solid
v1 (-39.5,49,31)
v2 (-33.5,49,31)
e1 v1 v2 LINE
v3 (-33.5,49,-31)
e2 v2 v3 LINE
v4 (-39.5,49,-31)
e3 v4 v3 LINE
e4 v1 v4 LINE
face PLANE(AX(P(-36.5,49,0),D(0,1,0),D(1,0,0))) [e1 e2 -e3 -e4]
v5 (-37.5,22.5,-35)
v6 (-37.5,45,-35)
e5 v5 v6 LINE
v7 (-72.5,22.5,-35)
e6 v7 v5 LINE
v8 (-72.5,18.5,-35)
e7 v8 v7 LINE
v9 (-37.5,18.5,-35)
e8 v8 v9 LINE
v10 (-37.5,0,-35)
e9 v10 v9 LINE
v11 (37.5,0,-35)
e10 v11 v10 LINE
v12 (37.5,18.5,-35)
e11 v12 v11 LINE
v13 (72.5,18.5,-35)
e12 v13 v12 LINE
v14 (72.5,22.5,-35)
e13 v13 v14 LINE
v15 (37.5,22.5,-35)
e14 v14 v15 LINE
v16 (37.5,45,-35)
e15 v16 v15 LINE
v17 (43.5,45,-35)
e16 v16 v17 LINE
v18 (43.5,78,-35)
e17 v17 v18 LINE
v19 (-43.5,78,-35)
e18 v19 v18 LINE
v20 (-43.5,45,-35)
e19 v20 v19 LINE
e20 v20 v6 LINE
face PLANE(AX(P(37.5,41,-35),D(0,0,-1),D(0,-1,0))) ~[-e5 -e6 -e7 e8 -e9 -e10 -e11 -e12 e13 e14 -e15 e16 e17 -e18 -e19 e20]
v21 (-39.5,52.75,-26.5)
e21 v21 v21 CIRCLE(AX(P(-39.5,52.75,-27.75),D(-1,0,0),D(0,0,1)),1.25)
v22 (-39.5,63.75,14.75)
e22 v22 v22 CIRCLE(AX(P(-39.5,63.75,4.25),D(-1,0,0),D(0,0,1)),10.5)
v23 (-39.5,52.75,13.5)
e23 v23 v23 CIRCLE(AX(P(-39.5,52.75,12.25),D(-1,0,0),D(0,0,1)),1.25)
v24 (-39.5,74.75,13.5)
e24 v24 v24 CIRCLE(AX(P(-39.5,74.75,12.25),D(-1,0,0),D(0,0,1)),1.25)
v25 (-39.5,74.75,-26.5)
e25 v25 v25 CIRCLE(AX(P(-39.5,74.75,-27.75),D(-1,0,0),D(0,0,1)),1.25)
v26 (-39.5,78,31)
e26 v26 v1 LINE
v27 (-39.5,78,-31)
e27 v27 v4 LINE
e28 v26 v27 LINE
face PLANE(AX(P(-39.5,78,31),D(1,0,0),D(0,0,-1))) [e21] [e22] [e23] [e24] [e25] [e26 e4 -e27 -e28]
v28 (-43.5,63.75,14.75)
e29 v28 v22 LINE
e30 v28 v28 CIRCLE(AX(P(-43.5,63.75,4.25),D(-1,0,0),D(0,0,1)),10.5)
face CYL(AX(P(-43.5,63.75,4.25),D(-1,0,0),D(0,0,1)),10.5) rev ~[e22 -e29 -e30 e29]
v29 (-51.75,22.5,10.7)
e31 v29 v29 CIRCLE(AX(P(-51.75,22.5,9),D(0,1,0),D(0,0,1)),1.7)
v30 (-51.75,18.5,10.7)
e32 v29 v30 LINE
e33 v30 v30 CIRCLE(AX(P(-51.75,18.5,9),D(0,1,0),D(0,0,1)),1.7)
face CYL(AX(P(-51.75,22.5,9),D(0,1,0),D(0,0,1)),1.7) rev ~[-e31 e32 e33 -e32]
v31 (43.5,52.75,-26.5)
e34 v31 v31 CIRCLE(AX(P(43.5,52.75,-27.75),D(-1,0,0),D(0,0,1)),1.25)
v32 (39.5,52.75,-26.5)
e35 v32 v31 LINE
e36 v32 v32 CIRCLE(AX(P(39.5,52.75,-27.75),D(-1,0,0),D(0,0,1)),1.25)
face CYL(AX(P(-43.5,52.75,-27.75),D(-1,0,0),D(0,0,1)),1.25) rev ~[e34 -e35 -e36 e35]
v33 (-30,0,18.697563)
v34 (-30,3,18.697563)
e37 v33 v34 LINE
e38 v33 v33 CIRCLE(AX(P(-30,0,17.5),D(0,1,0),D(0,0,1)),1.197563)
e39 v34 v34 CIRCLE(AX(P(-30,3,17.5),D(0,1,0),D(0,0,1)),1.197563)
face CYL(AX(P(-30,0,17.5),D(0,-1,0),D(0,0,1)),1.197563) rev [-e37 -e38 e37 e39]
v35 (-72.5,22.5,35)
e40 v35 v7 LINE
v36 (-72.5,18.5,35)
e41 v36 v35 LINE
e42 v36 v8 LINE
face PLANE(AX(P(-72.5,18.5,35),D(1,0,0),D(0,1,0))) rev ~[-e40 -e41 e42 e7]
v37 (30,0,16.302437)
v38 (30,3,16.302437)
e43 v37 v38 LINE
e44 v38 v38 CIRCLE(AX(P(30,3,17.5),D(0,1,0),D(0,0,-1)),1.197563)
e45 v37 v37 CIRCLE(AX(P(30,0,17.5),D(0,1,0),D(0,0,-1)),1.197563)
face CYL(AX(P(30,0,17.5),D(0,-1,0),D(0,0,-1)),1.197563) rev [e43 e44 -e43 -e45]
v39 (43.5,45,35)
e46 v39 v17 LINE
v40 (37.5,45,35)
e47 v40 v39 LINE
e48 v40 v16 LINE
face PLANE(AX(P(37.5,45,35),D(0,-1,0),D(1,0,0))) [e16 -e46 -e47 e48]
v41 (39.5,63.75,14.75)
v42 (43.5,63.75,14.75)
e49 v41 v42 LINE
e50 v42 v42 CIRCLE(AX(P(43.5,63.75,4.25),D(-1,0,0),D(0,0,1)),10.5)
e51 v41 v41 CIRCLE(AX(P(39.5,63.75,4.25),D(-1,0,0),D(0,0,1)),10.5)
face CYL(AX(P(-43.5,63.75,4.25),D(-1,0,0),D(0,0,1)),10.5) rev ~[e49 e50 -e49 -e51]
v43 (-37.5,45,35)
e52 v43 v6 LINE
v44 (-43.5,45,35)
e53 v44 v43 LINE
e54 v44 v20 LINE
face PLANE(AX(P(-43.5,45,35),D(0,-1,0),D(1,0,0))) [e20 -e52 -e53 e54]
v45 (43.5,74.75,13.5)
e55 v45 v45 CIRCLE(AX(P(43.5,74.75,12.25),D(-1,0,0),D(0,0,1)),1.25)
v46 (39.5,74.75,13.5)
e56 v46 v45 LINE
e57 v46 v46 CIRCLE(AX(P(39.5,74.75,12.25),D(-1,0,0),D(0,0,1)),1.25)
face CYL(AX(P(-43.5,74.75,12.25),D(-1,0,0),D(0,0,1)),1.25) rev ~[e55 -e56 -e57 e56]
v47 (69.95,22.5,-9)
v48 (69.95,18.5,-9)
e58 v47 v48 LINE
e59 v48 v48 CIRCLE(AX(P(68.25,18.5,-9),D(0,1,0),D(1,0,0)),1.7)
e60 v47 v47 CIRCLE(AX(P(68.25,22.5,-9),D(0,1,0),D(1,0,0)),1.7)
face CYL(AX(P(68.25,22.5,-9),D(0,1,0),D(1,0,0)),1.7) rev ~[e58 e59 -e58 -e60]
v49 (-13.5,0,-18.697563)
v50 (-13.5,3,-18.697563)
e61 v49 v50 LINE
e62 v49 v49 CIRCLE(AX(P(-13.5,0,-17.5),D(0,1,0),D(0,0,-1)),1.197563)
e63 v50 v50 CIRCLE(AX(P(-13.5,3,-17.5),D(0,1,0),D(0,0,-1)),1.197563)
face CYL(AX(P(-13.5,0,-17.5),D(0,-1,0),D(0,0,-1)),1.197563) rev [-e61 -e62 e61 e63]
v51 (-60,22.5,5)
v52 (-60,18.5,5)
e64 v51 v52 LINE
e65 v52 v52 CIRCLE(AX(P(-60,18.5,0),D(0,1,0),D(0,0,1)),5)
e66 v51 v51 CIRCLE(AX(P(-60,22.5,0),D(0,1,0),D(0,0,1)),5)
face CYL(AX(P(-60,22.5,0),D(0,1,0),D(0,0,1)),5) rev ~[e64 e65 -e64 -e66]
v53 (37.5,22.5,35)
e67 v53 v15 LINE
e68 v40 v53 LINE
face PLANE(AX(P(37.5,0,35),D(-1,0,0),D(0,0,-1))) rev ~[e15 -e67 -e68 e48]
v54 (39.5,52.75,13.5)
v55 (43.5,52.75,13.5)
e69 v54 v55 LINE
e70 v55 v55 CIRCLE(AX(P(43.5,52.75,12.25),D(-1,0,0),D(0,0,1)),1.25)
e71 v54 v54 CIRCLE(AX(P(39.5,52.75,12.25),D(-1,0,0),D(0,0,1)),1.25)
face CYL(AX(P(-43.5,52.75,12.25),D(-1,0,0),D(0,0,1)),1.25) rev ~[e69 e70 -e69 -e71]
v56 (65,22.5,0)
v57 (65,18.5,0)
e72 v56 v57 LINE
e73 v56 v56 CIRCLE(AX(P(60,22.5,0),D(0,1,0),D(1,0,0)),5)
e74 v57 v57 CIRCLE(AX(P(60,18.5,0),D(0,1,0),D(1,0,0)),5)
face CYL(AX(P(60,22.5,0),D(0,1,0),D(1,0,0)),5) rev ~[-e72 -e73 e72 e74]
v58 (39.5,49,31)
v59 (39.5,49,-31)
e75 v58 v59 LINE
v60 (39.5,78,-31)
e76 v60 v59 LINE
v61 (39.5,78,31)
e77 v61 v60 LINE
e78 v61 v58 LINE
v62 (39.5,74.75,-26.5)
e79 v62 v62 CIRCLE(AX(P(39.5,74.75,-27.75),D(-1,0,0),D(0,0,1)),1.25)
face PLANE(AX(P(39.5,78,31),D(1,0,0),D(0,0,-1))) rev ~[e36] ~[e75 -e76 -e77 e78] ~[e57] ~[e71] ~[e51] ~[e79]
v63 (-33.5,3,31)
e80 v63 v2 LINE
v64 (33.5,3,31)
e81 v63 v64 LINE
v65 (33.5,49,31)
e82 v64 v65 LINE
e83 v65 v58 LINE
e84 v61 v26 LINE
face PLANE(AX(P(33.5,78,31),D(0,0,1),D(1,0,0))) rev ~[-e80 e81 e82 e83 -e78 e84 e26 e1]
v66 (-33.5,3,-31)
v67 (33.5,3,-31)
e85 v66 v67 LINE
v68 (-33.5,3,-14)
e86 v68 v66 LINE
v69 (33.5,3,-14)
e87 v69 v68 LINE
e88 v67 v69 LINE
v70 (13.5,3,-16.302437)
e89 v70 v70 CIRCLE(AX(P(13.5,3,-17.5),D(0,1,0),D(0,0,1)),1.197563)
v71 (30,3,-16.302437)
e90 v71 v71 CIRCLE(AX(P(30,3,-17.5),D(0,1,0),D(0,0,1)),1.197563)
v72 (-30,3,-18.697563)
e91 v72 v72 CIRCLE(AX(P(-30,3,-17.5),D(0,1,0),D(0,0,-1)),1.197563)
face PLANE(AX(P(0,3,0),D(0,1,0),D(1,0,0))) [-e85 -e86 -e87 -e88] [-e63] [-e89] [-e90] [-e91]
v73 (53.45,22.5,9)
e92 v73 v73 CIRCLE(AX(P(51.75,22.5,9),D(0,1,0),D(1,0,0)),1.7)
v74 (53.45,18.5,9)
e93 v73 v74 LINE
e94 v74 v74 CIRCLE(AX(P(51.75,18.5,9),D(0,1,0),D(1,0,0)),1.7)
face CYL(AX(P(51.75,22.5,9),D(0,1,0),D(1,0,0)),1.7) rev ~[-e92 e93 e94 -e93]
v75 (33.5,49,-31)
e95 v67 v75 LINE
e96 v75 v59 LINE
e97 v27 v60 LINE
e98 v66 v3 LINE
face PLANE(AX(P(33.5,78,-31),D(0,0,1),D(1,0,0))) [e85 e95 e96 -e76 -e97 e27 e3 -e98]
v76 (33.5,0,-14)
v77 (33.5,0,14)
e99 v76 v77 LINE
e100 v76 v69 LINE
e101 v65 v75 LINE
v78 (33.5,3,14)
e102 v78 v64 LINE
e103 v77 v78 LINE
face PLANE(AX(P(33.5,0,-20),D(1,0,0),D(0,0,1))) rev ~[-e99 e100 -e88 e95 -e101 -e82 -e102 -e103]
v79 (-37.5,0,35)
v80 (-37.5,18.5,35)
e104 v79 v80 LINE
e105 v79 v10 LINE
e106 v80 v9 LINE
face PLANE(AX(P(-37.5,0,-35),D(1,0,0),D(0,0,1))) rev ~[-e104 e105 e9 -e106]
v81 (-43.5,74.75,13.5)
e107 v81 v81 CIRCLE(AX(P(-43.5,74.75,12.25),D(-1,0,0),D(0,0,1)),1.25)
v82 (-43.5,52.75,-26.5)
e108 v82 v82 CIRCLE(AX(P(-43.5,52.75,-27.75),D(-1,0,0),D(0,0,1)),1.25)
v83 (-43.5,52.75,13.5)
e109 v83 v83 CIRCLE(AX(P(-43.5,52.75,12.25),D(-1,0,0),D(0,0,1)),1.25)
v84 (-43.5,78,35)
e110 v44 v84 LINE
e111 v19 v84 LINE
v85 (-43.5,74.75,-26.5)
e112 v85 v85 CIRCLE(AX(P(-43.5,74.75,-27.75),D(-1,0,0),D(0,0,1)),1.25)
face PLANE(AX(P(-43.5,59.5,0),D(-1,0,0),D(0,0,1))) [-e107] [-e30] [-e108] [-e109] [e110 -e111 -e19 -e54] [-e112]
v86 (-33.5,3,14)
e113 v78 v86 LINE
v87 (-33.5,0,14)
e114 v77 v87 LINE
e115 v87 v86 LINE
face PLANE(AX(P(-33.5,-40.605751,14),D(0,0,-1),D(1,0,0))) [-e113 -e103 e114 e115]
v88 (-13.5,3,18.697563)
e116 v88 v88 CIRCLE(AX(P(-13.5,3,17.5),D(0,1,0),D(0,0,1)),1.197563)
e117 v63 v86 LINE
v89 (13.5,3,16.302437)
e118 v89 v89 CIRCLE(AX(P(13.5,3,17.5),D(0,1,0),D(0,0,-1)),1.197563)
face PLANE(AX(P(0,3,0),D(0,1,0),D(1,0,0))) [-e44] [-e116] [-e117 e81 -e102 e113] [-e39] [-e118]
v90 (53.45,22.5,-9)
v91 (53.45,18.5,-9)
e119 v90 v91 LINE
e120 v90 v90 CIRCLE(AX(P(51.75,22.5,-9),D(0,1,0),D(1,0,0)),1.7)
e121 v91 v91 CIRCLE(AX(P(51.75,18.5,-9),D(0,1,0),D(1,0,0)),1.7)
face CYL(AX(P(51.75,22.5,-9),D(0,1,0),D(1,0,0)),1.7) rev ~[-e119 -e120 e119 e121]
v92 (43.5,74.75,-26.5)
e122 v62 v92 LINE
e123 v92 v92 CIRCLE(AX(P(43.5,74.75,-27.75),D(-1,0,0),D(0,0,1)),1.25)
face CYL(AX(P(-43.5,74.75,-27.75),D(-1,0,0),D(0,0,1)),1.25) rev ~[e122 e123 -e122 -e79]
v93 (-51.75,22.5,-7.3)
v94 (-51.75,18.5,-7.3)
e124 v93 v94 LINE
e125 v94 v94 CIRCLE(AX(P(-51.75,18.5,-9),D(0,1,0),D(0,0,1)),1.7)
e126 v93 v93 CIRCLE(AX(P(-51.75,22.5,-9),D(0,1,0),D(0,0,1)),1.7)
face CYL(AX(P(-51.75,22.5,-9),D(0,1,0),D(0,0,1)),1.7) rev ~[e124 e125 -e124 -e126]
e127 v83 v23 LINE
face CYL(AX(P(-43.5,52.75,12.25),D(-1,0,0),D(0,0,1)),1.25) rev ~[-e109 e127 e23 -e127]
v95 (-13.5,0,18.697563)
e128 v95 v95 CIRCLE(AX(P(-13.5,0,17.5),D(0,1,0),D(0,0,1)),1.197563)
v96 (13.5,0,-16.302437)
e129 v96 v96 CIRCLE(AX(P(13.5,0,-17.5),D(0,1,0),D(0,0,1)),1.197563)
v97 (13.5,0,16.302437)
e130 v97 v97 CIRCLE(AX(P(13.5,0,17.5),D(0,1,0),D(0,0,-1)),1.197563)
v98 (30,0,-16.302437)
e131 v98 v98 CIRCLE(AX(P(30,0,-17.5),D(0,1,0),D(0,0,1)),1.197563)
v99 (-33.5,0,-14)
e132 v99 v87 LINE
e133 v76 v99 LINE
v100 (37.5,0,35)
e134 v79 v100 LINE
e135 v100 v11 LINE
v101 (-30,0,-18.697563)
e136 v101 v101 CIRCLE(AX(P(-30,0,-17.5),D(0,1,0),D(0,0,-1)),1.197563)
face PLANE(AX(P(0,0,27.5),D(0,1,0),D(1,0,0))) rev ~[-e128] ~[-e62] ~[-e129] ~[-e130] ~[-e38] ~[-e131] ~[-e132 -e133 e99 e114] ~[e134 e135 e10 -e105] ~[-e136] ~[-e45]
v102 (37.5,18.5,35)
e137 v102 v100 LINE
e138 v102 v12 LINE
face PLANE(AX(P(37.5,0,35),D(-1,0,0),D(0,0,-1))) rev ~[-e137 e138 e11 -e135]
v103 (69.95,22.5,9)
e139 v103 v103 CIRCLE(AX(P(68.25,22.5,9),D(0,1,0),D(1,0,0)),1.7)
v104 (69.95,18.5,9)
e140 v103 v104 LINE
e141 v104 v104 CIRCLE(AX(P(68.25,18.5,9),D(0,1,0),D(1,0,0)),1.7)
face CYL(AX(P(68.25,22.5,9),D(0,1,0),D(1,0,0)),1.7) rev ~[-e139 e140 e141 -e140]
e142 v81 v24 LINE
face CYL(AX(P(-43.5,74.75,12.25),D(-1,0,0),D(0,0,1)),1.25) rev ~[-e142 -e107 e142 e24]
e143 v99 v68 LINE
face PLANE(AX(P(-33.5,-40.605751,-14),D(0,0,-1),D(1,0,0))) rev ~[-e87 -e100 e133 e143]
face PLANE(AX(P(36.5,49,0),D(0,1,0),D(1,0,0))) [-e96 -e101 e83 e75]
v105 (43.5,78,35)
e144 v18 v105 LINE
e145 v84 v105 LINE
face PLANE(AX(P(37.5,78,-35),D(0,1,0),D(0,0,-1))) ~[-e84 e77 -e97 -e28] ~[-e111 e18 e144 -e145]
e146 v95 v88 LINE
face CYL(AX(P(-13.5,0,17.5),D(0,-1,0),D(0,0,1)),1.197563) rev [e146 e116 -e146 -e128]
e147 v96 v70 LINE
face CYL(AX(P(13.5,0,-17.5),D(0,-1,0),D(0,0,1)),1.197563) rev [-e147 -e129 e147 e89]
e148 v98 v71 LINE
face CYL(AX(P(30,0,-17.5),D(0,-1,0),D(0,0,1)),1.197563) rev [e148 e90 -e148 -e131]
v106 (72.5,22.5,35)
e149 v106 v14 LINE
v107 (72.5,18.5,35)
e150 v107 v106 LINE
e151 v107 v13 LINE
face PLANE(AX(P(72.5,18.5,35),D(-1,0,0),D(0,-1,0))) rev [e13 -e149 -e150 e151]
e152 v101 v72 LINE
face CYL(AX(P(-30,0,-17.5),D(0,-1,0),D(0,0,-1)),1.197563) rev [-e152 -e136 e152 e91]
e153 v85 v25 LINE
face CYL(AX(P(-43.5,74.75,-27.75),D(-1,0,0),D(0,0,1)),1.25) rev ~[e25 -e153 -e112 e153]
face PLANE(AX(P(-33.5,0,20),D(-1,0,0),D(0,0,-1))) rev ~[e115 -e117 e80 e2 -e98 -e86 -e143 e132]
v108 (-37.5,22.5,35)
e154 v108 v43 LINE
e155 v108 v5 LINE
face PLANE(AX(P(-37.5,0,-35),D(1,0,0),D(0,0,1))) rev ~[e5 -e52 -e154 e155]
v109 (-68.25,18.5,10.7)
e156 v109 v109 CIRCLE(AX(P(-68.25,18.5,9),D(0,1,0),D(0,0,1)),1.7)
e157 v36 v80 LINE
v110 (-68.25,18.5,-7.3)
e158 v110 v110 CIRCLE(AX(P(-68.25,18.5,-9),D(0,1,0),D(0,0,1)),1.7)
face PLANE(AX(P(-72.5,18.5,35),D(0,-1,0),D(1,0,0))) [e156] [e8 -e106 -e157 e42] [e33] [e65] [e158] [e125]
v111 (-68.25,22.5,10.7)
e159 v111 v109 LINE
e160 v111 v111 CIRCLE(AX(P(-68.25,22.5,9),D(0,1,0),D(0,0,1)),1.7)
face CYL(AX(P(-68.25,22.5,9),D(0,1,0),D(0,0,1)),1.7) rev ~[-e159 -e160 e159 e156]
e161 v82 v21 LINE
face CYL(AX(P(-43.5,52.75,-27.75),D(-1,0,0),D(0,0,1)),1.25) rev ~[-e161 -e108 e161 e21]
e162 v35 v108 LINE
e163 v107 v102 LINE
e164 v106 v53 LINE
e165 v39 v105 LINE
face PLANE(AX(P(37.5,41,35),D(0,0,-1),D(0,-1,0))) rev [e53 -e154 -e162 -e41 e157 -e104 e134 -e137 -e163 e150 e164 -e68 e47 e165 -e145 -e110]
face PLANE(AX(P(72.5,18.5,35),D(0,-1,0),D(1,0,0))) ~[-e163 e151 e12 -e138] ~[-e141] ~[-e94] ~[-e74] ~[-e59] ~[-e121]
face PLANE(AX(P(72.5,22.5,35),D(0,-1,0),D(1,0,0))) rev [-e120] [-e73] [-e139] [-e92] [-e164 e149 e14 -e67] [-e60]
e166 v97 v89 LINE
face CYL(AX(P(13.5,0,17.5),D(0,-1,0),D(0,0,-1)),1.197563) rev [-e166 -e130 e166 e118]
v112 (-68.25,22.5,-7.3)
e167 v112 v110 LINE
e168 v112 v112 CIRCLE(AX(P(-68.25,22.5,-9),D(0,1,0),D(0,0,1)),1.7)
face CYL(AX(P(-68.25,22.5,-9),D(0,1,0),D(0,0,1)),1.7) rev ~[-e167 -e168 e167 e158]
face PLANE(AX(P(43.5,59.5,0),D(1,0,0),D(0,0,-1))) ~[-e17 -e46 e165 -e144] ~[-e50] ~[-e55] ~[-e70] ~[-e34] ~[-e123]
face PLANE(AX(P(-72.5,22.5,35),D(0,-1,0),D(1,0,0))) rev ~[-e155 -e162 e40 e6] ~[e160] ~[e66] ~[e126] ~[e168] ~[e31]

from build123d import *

# Parameters (mm, degrees)
SKETCH1_W                = 75
SKETCH1_H                = 40
SKETCH1_R                = 5
SKETCH1_R_2              = 1.7
SKETCH1_R_3              = 1.197563381
SKETCH1_W_2              = 5
SKETCH1_H_2              = 20
BOSS_EXTRUDE1_DEPTH      = 3
CUT_EXTRUDE1_DEPTH       = 43.605750786
CUT_EXTRUDE1_DEPTH_BACK  = 43.605750786
SKETCH2_W                = 67
SKETCH2_H                = 28
BOSS_EXTRUDE3_DEPTH      = 75
BOSS_EXTRUDE3_DEPTH_BACK = 3
SKETCH6_W                = 67
SKETCH6_H                = 11
CUT_EXTRUDE4_DEPTH       = 91.863909227
SKETCH7_W                = 70
SKETCH7_H                = 37
BOSS_EXTRUDE4_DEPTH      = 6
SKETCH8_W                = 6
SKETCH8_H                = 62
CUT_EXTRUDE6_DEPTH       = 29
SKETCH9_R                = 1.25
SKETCH9_R_2              = 10.5
CUT_EXTRUDE8_DEPTH       = 122.975407357
SKETCH11_W               = 6
SKETCH11_H               = 4
CUT_EXTRUDE9_DEPTH       = 114.473565204
SKETCH12_W               = 35
SKETCH12_H               = 4
BOSS_EXTRUDE5_DEPTH      = 70
SKETCH13_R               = 5
SKETCH13_R_2             = 1.7
CUT_EXTRUDE11_DEPTH      = 10


with BuildPart() as part:
    # Sketch1 → Boss-Extrude1 (new body)
    with BuildSketch(Plane(origin=(0, 0, 0), x_dir=(1, 0, 0), z_dir=(0, 1, 0))):
        Rectangle(SKETCH1_W, SKETCH1_H)
        with Locations(Location((-21, 0, 0), (0, 0, 270))):
            Circle(SKETCH1_R, mode=Mode.SUBTRACT)
        with Locations(Location((-30, 8.25, 0), (0, 0, 270))):
            Circle(SKETCH1_R_2, mode=Mode.SUBTRACT)
        with Locations(Location((-12, 8.25, 0), (0, 0, 270))):
            Circle(SKETCH1_R_2, mode=Mode.SUBTRACT)
        with Locations(Location((-12, -8.25, 0), (0, 0, 270))):
            Circle(SKETCH1_R_2, mode=Mode.SUBTRACT)
        with Locations(Location((-30, -8.25, 0), (0, 0, 270))):
            Circle(SKETCH1_R_2, mode=Mode.SUBTRACT)
        with Locations(Location((12, 8.25, 0), (0, 0, 90))):
            Circle(SKETCH1_R_2, mode=Mode.SUBTRACT)
        with Locations(Location((12, -8.25, 0), (0, 0, 90))):
            Circle(SKETCH1_R_2, mode=Mode.SUBTRACT)
        with Locations(Location((21, 0, 0), (0, 0, 90))):
            Circle(SKETCH1_R, mode=Mode.SUBTRACT)
        with Locations(Location((30, -8.25, 0), (0, 0, 90))):
            Circle(SKETCH1_R_2, mode=Mode.SUBTRACT)
        with Locations(Location((30, 8.25, 0), (0, 0, 90))):
            Circle(SKETCH1_R_2, mode=Mode.SUBTRACT)
        with Locations(Location((-30, -17.5, 0), (0, 0, 270))):
            Circle(SKETCH1_R_3, mode=Mode.SUBTRACT)
        with Locations(Location((-13.5, -17.5, 0), (0, 0, 270))):
            Circle(SKETCH1_R_3, mode=Mode.SUBTRACT)
        with Locations(Location((13.5, -17.5, 0), (0, 0, 90))):
            Circle(SKETCH1_R_3, mode=Mode.SUBTRACT)
        with Locations(Location((30, -17.5, 0), (0, 0, 90))):
            Circle(SKETCH1_R_3, mode=Mode.SUBTRACT)
        with Locations(Location((30, 17.5, 0), (0, 0, 270))):
            Circle(SKETCH1_R_3, mode=Mode.SUBTRACT)
        with Locations(Location((13.5, 17.5, 0), (0, 0, 270))):
            Circle(SKETCH1_R_3, mode=Mode.SUBTRACT)
        with Locations(Location((-13.5, 17.5, 0), (0, 0, 90))):
            Circle(SKETCH1_R_3, mode=Mode.SUBTRACT)
        with Locations(Location((-30, 17.5, 0), (0, 0, 90))):
            Circle(SKETCH1_R_3, mode=Mode.SUBTRACT)
        Rectangle(SKETCH1_W_2, SKETCH1_H_2, mode=Mode.SUBTRACT)
    extrude(amount=BOSS_EXTRUDE1_DEPTH)

    # Sketch2 → Cut-Extrude1 (cut, two sides: drawn at the far end of the back side and taken through both)
    with BuildSketch(Plane(origin=(0, 3, 0), x_dir=(1, 0, 0), z_dir=(0, 1, 0)).offset(-CUT_EXTRUDE1_DEPTH_BACK)):
        Rectangle(SKETCH2_W, SKETCH2_H)
    extrude(amount=CUT_EXTRUDE1_DEPTH + CUT_EXTRUDE1_DEPTH_BACK, mode=Mode.SUBTRACT)

    # Sketch3 → Boss-Extrude3 (add, two sides: drawn at the far end of the back side and taken through both)
    with BuildSketch(Plane(origin=(0, 3, 0), x_dir=(1, 0, 0), z_dir=(0, 1, 0)).offset(-BOSS_EXTRUDE3_DEPTH_BACK)):
        Polygon((37.5, -35), (37.5, -20), (33.5, -20), (-33.5, -20), (-37.5, -20), (-37.5, -35), align=None)
        Polygon((33.5, 20), (37.5, 20), (37.5, 35), (-37.5, 35), (-37.5, 20), (-33.5, 20), align=None)
        Polygon((37.5, -20), (37.5, 20), (33.5, 20), (33.5, 14), (33.5, -14), (33.5, -20), align=None)
        Polygon((-33.5, 14), (-33.5, 20), (-37.5, 20), (-37.5, -20), (-33.5, -20), (-33.5, -14), align=None)
    extrude(amount=BOSS_EXTRUDE3_DEPTH + BOSS_EXTRUDE3_DEPTH_BACK)

    # Sketch6 → Cut-Extrude4 (cut, through all)
    with BuildSketch(Plane(origin=(0, 3, 0), x_dir=(1, 0, 0), z_dir=(0, 1, 0))):
        with Locations((0, -25.5)):
            Rectangle(SKETCH6_W, SKETCH6_H)
        with Locations((0, 25.5)):
            Rectangle(SKETCH6_W, SKETCH6_H)
    extrude(amount=CUT_EXTRUDE4_DEPTH, mode=Mode.SUBTRACT)

    # Sketch7 → Boss-Extrude4 (add)
    with BuildSketch(Plane.ZY.offset(37.5)):
        with Locations((0, 59.5)):
            Rectangle(SKETCH7_W, SKETCH7_H)
    boss_extrude4 = extrude(amount=BOSS_EXTRUDE4_DEPTH)

    # Mirror2: Boss-Extrude4 across plane
    add(boss_extrude4.mirror(Plane(origin=(0, 0, 0), x_dir=(0, 0, 1), z_dir=(1, 0, 0))))

    # Sketch8 → Cut-Extrude6 (cut)
    with BuildSketch(Plane(origin=(0, 78, 0), x_dir=(1, 0, 0), z_dir=(0, 1, 0))):
        with Locations((-36.5, 0)):
            Rectangle(SKETCH8_W, SKETCH8_H)
        with Locations((36.5, 0)):
            Rectangle(SKETCH8_W, SKETCH8_H)
    extrude(amount=-CUT_EXTRUDE6_DEPTH, mode=Mode.SUBTRACT)

    # Sketch9 → Cut-Extrude8 (cut, through all)
    with BuildSketch(Plane.ZY.offset(43.5)):
        with Locations((-27.75, 74.75)):
            Circle(SKETCH9_R)
        with Locations((-27.75, 52.75)):
            Circle(SKETCH9_R)
        with Locations((4.25, 63.75)):
            Circle(SKETCH9_R_2)
        with Locations((12.25, 52.75)):
            Circle(SKETCH9_R)
        with Locations((12.25, 74.75)):
            Circle(SKETCH9_R)
    extrude(amount=-CUT_EXTRUDE8_DEPTH, mode=Mode.SUBTRACT)

    # Sketch11 → Cut-Extrude9 (cut, through all)
    with BuildSketch(Plane.XY.offset(35)):
        with Locations((-40.5, 43)):
            Rectangle(SKETCH11_W, SKETCH11_H)
        with Locations((40.5, 43)):
            Rectangle(SKETCH11_W, SKETCH11_H)
    extrude(amount=-CUT_EXTRUDE9_DEPTH, mode=Mode.SUBTRACT)

    # Sketch12 → Boss-Extrude5 (add)
    with BuildSketch(Plane.XY.offset(35)):
        with Locations((-55, 20.5)):
            Rectangle(SKETCH12_W, SKETCH12_H)
    boss_extrude5 = extrude(amount=-BOSS_EXTRUDE5_DEPTH)

    # Mirror3: Boss-Extrude5 across plane
    add(boss_extrude5.mirror(Plane(origin=(0, 0, 0), x_dir=(0, 0, 1), z_dir=(1, 0, 0))))

    # Sketch13 → Cut-Extrude11 (cut)
    with BuildSketch(Plane(origin=(0, 22.5, 0), x_dir=(1, 0, 0), z_dir=(0, 1, 0))):
        with Locations(Location((-60, 0, 0), (0, 0, 270))):
            Circle(SKETCH13_R)
        with Locations(Location((-68.25, 9, 0), (0, 0, 270))):
            Circle(SKETCH13_R_2)
        with Locations(Location((-51.75, 9, 0), (0, 0, 270))):
            Circle(SKETCH13_R_2)
        with Locations(Location((-51.75, -9, 0), (0, 0, 270))):
            Circle(SKETCH13_R_2)
        with Locations(Location((-68.25, -9, 0), (0, 0, 270))):
            Circle(SKETCH13_R_2)
        with Locations((68.25, -9)):
            Circle(SKETCH13_R_2)
        with Locations((51.75, -9)):
            Circle(SKETCH13_R_2)
        with Locations((51.75, 9)):
            Circle(SKETCH13_R_2)
        with Locations((68.25, 9)):
            Circle(SKETCH13_R_2)
        with Locations((60, 0)):
            Circle(SKETCH13_R)
    extrude(amount=-CUT_EXTRUDE11_DEPTH, mode=Mode.SUBTRACT)


solid = part.part
